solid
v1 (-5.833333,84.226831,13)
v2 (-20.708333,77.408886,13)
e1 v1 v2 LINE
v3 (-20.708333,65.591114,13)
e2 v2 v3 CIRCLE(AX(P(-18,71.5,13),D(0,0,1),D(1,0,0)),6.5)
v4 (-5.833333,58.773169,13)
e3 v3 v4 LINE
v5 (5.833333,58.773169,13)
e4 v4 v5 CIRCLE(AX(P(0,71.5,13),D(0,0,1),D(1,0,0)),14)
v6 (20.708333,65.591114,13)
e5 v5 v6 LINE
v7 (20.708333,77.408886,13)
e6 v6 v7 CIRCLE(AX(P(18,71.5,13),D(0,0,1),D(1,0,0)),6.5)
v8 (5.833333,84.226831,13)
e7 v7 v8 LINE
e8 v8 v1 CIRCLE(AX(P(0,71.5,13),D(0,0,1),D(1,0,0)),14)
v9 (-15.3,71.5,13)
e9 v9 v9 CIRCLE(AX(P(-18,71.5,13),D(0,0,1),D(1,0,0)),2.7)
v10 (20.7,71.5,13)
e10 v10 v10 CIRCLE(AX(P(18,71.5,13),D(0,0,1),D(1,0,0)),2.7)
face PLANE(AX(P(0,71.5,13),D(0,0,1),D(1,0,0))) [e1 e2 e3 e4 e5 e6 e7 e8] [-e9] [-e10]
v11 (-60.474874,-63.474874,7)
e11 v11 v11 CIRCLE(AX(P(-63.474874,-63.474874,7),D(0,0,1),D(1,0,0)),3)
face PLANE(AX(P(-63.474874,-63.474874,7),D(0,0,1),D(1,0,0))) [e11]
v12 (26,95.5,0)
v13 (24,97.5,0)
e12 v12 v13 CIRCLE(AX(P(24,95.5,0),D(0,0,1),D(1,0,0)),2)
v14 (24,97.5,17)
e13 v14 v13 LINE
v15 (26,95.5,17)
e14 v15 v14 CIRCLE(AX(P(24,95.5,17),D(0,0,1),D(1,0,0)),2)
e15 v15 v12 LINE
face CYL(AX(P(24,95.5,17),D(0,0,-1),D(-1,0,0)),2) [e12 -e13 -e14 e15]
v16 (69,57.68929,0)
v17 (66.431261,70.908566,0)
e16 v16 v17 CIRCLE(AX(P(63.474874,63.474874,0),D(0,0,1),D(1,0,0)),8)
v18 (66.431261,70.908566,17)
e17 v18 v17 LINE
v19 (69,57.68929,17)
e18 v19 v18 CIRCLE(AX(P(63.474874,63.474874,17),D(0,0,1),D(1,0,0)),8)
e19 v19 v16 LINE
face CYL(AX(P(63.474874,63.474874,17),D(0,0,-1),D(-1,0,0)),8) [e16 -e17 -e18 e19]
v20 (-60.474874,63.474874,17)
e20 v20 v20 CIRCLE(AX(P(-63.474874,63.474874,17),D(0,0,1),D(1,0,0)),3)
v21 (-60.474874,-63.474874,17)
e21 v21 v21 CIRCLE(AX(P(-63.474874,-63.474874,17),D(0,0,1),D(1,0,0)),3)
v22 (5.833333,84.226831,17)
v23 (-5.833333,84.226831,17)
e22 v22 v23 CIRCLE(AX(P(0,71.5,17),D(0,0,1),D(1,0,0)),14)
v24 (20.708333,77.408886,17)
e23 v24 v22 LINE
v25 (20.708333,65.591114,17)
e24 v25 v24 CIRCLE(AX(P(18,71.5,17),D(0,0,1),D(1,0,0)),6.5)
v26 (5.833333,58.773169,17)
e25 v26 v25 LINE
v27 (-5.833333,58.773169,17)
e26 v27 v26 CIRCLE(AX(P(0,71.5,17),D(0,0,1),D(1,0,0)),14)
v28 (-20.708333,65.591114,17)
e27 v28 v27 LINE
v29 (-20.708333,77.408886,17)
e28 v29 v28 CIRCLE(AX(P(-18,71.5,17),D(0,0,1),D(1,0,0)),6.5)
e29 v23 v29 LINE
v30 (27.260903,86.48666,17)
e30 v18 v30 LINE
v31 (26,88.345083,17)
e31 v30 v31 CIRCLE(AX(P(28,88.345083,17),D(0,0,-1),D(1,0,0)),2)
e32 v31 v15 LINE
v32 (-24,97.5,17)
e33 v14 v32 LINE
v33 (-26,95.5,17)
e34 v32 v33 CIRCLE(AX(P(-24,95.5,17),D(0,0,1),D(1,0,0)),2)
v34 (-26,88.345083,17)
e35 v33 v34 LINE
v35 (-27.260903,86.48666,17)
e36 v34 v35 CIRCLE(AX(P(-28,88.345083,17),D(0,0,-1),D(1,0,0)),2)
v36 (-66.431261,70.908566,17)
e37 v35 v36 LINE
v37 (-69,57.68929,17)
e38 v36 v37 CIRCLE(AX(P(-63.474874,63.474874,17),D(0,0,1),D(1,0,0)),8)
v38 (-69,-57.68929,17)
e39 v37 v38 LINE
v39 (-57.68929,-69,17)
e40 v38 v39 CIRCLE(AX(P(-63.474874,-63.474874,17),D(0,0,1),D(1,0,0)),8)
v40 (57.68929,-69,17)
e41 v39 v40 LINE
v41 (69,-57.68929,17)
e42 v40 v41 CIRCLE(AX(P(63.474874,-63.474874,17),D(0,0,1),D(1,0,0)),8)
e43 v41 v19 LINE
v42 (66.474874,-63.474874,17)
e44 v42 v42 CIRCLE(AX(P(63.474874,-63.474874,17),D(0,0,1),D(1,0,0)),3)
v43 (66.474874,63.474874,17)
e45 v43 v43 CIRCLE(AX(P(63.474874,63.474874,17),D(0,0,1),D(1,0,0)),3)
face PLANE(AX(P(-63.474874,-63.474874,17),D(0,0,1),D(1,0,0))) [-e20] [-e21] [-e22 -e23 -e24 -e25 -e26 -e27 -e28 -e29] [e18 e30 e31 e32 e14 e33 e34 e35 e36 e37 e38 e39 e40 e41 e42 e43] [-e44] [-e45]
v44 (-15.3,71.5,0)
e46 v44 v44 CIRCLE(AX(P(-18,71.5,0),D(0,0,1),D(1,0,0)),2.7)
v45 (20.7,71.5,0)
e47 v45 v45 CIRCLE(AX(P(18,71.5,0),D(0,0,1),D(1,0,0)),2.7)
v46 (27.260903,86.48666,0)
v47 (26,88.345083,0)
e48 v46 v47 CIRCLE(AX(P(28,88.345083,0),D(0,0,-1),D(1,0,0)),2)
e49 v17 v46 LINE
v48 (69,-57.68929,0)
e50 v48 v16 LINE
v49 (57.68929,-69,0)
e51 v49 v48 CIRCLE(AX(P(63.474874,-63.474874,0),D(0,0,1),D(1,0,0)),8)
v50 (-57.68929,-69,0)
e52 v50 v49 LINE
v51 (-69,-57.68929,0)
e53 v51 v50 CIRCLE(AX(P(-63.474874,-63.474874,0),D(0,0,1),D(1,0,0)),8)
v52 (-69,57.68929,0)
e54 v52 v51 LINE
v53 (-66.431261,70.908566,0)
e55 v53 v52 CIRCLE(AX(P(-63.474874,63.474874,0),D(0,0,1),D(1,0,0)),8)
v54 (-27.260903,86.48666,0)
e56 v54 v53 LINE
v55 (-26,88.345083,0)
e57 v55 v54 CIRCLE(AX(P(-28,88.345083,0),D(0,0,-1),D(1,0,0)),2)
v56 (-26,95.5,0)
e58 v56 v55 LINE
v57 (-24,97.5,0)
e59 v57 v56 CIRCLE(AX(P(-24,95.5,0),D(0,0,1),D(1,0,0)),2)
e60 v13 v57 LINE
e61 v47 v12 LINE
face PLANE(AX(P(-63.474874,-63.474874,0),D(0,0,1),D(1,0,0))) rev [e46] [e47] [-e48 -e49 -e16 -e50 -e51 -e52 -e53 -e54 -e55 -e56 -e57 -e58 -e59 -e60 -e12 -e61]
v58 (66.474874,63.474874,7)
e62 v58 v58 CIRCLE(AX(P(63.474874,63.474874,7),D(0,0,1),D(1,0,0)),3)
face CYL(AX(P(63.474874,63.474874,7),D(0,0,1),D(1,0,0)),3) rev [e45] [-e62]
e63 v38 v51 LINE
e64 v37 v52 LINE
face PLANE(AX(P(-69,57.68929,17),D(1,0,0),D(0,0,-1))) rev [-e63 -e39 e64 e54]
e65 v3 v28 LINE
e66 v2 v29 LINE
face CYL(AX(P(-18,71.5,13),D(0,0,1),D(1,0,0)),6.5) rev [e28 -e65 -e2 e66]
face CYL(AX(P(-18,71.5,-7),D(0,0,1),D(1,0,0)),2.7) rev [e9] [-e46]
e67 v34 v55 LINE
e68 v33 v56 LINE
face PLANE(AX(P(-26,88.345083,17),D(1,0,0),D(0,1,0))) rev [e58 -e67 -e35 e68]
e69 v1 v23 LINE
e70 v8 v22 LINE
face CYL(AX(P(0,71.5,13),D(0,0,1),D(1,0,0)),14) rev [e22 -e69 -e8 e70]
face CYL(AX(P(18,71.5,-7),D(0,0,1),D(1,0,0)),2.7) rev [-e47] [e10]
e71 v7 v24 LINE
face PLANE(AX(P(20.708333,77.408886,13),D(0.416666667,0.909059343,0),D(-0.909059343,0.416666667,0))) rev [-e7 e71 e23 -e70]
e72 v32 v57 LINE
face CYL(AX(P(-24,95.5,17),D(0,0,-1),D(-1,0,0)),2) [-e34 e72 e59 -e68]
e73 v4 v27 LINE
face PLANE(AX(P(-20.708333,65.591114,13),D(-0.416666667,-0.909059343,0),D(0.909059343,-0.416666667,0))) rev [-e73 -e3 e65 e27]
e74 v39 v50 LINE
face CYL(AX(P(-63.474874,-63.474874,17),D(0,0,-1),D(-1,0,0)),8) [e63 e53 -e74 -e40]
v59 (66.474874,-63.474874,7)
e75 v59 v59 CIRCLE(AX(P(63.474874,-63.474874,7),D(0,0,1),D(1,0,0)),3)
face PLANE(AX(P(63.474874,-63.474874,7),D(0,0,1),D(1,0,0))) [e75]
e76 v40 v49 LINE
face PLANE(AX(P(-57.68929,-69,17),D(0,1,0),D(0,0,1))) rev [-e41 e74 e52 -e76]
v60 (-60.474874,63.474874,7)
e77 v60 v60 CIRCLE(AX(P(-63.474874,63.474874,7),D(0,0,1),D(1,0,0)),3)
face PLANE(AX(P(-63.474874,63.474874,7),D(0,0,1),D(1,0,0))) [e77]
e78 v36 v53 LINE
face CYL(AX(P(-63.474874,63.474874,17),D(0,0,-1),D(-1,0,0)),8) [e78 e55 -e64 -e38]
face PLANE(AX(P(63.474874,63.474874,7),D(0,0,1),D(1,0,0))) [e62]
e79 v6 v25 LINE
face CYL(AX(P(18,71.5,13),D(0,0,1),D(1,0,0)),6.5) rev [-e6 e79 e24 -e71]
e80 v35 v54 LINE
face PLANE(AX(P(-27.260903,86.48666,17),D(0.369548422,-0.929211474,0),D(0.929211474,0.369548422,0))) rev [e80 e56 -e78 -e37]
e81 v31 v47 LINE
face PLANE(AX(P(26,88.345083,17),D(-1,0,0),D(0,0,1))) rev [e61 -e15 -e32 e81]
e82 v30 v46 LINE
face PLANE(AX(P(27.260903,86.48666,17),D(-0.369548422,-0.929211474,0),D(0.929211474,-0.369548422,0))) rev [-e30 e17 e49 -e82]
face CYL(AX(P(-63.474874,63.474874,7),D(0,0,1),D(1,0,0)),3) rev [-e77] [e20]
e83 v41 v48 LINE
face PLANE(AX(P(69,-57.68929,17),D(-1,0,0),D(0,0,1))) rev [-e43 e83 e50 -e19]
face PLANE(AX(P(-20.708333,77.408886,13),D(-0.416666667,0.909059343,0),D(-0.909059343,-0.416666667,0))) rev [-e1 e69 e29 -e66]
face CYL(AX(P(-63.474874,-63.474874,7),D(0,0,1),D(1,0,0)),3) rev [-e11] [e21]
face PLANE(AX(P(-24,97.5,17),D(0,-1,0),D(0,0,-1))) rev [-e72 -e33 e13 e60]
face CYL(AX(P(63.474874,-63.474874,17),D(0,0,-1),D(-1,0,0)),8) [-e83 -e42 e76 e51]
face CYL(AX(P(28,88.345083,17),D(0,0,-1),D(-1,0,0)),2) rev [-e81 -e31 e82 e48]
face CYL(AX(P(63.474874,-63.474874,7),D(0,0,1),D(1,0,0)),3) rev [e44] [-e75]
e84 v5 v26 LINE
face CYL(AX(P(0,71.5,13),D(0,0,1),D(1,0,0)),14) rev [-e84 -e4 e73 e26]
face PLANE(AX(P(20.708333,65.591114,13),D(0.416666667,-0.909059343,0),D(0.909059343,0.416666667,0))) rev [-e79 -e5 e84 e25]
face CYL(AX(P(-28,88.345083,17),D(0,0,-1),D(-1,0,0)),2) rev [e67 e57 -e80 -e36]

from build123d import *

# Parameters (mm, degrees)
EXTRUDE_1_DEPTH     = 17
SKETCH_2_R          = 3
CUT_EXTRUDE_1_DEPTH = 10
CUT_EXTRUDE_2_DEPTH = 4
SKETCH_5_R          = 2.7
CUT_EXTRUDE_3_DEPTH = 20


with BuildPart() as part:
    # 草图1 → 凸台-拉伸1 (new body)
    with BuildSketch(Plane.XY):
        with BuildLine():
            Line((-57.689289948, -69), (57.689289948, -69))
            ThreePointArc((57.689289948, -69), (69.131727984, -69.131727984), (69, -57.689289948))
            Line((69, -57.689289948), (69, 57.689289948))
            ThreePointArc((69, 57.689289948), (71.327983317, 65.000871727), (66.431261108, 70.908565529))
            Line((66.431261108, 70.908565529), (27.260903157, 86.486659817))
            ThreePointArc((27.260903157, 86.486659817), (26.344978295, 87.222183323), (26, 88.345082765))
            Line((26, 88.345082765), (26, 95.5))
            ThreePointArc((26, 95.5), (25.414213562, 96.914213562), (24, 97.5))
            Line((24, 97.5), (-24, 97.5))
            ThreePointArc((-24, 97.5), (-25.414213562, 96.914213562), (-26, 95.5))
            Line((-26, 95.5), (-26, 88.345082765))
            ThreePointArc((-26, 88.345082765), (-26.344978295, 87.222183323), (-27.260903157, 86.486659817))
            Line((-27.260903157, 86.486659817), (-66.431261108, 70.908565529))
            ThreePointArc((-66.431261108, 70.908565529), (-71.327983317, 65.000871727), (-69, 57.689289948))
            Line((-69, 57.689289948), (-69, -57.689289948))
            ThreePointArc((-69, -57.689289948), (-69.131727984, -69.131727984), (-57.689289948, -69))
        make_face()
    extrude(amount=EXTRUDE_1_DEPTH)

    # 草图2 → 切除-拉伸1 (cut)
    with BuildSketch(Plane.XY.offset(17)):
        with Locations((-63.474873734, 63.474873734)):
            Circle(SKETCH_2_R)
        with Locations((63.474873734, 63.474873734)):
            Circle(SKETCH_2_R)
        with Locations((-63.474873734, -63.474873734)):
            Circle(SKETCH_2_R)
        with Locations((63.474873734, -63.474873734)):
            Circle(SKETCH_2_R)
    extrude(amount=-CUT_EXTRUDE_1_DEPTH, mode=Mode.SUBTRACT)

    # 草图3 → 切除-拉伸2 (cut)
    with BuildSketch(Plane.XY.offset(17)):
        with BuildLine():
            Line((-20.708333333, 77.408885729), (-5.833333333, 84.2268308))
            ThreePointArc((-5.833333333, 84.2268308), (-2.985328189, 85.178004811), (0, 85.5))
            ThreePointArc((0, 85.5), (2.985328189, 85.178004811), (5.833333333, 84.2268308))
            Line((5.833333333, 84.2268308), (20.708333333, 77.408885729))
            ThreePointArc((20.708333333, 77.408885729), (24.5, 71.5), (20.708333333, 65.591114271))
            Line((20.708333333, 65.591114271), (5.833333333, 58.7731692))
            ThreePointArc((5.833333333, 58.7731692), (2.985328189, 57.821995189), (0, 57.5))
            ThreePointArc((0, 57.5), (-2.985328189, 57.821995189), (-5.833333333, 58.7731692))
            Line((-5.833333333, 58.7731692), (-20.708333333, 65.591114271))
            ThreePointArc((-20.708333333, 65.591114271), (-24.5, 71.5), (-20.708333333, 77.408885729))
        make_face()
    extrude(amount=-CUT_EXTRUDE_2_DEPTH, mode=Mode.SUBTRACT)

    # 草图5 → 切除-拉伸3 (cut)
    with BuildSketch(Plane.XY.offset(13)):
        with Locations((-18, 71.5)):
            Circle(SKETCH_5_R)
        with Locations((18, 71.5)):
            Circle(SKETCH_5_R)
    extrude(amount=-CUT_EXTRUDE_3_DEPTH, mode=Mode.SUBTRACT)


solid = part.part
